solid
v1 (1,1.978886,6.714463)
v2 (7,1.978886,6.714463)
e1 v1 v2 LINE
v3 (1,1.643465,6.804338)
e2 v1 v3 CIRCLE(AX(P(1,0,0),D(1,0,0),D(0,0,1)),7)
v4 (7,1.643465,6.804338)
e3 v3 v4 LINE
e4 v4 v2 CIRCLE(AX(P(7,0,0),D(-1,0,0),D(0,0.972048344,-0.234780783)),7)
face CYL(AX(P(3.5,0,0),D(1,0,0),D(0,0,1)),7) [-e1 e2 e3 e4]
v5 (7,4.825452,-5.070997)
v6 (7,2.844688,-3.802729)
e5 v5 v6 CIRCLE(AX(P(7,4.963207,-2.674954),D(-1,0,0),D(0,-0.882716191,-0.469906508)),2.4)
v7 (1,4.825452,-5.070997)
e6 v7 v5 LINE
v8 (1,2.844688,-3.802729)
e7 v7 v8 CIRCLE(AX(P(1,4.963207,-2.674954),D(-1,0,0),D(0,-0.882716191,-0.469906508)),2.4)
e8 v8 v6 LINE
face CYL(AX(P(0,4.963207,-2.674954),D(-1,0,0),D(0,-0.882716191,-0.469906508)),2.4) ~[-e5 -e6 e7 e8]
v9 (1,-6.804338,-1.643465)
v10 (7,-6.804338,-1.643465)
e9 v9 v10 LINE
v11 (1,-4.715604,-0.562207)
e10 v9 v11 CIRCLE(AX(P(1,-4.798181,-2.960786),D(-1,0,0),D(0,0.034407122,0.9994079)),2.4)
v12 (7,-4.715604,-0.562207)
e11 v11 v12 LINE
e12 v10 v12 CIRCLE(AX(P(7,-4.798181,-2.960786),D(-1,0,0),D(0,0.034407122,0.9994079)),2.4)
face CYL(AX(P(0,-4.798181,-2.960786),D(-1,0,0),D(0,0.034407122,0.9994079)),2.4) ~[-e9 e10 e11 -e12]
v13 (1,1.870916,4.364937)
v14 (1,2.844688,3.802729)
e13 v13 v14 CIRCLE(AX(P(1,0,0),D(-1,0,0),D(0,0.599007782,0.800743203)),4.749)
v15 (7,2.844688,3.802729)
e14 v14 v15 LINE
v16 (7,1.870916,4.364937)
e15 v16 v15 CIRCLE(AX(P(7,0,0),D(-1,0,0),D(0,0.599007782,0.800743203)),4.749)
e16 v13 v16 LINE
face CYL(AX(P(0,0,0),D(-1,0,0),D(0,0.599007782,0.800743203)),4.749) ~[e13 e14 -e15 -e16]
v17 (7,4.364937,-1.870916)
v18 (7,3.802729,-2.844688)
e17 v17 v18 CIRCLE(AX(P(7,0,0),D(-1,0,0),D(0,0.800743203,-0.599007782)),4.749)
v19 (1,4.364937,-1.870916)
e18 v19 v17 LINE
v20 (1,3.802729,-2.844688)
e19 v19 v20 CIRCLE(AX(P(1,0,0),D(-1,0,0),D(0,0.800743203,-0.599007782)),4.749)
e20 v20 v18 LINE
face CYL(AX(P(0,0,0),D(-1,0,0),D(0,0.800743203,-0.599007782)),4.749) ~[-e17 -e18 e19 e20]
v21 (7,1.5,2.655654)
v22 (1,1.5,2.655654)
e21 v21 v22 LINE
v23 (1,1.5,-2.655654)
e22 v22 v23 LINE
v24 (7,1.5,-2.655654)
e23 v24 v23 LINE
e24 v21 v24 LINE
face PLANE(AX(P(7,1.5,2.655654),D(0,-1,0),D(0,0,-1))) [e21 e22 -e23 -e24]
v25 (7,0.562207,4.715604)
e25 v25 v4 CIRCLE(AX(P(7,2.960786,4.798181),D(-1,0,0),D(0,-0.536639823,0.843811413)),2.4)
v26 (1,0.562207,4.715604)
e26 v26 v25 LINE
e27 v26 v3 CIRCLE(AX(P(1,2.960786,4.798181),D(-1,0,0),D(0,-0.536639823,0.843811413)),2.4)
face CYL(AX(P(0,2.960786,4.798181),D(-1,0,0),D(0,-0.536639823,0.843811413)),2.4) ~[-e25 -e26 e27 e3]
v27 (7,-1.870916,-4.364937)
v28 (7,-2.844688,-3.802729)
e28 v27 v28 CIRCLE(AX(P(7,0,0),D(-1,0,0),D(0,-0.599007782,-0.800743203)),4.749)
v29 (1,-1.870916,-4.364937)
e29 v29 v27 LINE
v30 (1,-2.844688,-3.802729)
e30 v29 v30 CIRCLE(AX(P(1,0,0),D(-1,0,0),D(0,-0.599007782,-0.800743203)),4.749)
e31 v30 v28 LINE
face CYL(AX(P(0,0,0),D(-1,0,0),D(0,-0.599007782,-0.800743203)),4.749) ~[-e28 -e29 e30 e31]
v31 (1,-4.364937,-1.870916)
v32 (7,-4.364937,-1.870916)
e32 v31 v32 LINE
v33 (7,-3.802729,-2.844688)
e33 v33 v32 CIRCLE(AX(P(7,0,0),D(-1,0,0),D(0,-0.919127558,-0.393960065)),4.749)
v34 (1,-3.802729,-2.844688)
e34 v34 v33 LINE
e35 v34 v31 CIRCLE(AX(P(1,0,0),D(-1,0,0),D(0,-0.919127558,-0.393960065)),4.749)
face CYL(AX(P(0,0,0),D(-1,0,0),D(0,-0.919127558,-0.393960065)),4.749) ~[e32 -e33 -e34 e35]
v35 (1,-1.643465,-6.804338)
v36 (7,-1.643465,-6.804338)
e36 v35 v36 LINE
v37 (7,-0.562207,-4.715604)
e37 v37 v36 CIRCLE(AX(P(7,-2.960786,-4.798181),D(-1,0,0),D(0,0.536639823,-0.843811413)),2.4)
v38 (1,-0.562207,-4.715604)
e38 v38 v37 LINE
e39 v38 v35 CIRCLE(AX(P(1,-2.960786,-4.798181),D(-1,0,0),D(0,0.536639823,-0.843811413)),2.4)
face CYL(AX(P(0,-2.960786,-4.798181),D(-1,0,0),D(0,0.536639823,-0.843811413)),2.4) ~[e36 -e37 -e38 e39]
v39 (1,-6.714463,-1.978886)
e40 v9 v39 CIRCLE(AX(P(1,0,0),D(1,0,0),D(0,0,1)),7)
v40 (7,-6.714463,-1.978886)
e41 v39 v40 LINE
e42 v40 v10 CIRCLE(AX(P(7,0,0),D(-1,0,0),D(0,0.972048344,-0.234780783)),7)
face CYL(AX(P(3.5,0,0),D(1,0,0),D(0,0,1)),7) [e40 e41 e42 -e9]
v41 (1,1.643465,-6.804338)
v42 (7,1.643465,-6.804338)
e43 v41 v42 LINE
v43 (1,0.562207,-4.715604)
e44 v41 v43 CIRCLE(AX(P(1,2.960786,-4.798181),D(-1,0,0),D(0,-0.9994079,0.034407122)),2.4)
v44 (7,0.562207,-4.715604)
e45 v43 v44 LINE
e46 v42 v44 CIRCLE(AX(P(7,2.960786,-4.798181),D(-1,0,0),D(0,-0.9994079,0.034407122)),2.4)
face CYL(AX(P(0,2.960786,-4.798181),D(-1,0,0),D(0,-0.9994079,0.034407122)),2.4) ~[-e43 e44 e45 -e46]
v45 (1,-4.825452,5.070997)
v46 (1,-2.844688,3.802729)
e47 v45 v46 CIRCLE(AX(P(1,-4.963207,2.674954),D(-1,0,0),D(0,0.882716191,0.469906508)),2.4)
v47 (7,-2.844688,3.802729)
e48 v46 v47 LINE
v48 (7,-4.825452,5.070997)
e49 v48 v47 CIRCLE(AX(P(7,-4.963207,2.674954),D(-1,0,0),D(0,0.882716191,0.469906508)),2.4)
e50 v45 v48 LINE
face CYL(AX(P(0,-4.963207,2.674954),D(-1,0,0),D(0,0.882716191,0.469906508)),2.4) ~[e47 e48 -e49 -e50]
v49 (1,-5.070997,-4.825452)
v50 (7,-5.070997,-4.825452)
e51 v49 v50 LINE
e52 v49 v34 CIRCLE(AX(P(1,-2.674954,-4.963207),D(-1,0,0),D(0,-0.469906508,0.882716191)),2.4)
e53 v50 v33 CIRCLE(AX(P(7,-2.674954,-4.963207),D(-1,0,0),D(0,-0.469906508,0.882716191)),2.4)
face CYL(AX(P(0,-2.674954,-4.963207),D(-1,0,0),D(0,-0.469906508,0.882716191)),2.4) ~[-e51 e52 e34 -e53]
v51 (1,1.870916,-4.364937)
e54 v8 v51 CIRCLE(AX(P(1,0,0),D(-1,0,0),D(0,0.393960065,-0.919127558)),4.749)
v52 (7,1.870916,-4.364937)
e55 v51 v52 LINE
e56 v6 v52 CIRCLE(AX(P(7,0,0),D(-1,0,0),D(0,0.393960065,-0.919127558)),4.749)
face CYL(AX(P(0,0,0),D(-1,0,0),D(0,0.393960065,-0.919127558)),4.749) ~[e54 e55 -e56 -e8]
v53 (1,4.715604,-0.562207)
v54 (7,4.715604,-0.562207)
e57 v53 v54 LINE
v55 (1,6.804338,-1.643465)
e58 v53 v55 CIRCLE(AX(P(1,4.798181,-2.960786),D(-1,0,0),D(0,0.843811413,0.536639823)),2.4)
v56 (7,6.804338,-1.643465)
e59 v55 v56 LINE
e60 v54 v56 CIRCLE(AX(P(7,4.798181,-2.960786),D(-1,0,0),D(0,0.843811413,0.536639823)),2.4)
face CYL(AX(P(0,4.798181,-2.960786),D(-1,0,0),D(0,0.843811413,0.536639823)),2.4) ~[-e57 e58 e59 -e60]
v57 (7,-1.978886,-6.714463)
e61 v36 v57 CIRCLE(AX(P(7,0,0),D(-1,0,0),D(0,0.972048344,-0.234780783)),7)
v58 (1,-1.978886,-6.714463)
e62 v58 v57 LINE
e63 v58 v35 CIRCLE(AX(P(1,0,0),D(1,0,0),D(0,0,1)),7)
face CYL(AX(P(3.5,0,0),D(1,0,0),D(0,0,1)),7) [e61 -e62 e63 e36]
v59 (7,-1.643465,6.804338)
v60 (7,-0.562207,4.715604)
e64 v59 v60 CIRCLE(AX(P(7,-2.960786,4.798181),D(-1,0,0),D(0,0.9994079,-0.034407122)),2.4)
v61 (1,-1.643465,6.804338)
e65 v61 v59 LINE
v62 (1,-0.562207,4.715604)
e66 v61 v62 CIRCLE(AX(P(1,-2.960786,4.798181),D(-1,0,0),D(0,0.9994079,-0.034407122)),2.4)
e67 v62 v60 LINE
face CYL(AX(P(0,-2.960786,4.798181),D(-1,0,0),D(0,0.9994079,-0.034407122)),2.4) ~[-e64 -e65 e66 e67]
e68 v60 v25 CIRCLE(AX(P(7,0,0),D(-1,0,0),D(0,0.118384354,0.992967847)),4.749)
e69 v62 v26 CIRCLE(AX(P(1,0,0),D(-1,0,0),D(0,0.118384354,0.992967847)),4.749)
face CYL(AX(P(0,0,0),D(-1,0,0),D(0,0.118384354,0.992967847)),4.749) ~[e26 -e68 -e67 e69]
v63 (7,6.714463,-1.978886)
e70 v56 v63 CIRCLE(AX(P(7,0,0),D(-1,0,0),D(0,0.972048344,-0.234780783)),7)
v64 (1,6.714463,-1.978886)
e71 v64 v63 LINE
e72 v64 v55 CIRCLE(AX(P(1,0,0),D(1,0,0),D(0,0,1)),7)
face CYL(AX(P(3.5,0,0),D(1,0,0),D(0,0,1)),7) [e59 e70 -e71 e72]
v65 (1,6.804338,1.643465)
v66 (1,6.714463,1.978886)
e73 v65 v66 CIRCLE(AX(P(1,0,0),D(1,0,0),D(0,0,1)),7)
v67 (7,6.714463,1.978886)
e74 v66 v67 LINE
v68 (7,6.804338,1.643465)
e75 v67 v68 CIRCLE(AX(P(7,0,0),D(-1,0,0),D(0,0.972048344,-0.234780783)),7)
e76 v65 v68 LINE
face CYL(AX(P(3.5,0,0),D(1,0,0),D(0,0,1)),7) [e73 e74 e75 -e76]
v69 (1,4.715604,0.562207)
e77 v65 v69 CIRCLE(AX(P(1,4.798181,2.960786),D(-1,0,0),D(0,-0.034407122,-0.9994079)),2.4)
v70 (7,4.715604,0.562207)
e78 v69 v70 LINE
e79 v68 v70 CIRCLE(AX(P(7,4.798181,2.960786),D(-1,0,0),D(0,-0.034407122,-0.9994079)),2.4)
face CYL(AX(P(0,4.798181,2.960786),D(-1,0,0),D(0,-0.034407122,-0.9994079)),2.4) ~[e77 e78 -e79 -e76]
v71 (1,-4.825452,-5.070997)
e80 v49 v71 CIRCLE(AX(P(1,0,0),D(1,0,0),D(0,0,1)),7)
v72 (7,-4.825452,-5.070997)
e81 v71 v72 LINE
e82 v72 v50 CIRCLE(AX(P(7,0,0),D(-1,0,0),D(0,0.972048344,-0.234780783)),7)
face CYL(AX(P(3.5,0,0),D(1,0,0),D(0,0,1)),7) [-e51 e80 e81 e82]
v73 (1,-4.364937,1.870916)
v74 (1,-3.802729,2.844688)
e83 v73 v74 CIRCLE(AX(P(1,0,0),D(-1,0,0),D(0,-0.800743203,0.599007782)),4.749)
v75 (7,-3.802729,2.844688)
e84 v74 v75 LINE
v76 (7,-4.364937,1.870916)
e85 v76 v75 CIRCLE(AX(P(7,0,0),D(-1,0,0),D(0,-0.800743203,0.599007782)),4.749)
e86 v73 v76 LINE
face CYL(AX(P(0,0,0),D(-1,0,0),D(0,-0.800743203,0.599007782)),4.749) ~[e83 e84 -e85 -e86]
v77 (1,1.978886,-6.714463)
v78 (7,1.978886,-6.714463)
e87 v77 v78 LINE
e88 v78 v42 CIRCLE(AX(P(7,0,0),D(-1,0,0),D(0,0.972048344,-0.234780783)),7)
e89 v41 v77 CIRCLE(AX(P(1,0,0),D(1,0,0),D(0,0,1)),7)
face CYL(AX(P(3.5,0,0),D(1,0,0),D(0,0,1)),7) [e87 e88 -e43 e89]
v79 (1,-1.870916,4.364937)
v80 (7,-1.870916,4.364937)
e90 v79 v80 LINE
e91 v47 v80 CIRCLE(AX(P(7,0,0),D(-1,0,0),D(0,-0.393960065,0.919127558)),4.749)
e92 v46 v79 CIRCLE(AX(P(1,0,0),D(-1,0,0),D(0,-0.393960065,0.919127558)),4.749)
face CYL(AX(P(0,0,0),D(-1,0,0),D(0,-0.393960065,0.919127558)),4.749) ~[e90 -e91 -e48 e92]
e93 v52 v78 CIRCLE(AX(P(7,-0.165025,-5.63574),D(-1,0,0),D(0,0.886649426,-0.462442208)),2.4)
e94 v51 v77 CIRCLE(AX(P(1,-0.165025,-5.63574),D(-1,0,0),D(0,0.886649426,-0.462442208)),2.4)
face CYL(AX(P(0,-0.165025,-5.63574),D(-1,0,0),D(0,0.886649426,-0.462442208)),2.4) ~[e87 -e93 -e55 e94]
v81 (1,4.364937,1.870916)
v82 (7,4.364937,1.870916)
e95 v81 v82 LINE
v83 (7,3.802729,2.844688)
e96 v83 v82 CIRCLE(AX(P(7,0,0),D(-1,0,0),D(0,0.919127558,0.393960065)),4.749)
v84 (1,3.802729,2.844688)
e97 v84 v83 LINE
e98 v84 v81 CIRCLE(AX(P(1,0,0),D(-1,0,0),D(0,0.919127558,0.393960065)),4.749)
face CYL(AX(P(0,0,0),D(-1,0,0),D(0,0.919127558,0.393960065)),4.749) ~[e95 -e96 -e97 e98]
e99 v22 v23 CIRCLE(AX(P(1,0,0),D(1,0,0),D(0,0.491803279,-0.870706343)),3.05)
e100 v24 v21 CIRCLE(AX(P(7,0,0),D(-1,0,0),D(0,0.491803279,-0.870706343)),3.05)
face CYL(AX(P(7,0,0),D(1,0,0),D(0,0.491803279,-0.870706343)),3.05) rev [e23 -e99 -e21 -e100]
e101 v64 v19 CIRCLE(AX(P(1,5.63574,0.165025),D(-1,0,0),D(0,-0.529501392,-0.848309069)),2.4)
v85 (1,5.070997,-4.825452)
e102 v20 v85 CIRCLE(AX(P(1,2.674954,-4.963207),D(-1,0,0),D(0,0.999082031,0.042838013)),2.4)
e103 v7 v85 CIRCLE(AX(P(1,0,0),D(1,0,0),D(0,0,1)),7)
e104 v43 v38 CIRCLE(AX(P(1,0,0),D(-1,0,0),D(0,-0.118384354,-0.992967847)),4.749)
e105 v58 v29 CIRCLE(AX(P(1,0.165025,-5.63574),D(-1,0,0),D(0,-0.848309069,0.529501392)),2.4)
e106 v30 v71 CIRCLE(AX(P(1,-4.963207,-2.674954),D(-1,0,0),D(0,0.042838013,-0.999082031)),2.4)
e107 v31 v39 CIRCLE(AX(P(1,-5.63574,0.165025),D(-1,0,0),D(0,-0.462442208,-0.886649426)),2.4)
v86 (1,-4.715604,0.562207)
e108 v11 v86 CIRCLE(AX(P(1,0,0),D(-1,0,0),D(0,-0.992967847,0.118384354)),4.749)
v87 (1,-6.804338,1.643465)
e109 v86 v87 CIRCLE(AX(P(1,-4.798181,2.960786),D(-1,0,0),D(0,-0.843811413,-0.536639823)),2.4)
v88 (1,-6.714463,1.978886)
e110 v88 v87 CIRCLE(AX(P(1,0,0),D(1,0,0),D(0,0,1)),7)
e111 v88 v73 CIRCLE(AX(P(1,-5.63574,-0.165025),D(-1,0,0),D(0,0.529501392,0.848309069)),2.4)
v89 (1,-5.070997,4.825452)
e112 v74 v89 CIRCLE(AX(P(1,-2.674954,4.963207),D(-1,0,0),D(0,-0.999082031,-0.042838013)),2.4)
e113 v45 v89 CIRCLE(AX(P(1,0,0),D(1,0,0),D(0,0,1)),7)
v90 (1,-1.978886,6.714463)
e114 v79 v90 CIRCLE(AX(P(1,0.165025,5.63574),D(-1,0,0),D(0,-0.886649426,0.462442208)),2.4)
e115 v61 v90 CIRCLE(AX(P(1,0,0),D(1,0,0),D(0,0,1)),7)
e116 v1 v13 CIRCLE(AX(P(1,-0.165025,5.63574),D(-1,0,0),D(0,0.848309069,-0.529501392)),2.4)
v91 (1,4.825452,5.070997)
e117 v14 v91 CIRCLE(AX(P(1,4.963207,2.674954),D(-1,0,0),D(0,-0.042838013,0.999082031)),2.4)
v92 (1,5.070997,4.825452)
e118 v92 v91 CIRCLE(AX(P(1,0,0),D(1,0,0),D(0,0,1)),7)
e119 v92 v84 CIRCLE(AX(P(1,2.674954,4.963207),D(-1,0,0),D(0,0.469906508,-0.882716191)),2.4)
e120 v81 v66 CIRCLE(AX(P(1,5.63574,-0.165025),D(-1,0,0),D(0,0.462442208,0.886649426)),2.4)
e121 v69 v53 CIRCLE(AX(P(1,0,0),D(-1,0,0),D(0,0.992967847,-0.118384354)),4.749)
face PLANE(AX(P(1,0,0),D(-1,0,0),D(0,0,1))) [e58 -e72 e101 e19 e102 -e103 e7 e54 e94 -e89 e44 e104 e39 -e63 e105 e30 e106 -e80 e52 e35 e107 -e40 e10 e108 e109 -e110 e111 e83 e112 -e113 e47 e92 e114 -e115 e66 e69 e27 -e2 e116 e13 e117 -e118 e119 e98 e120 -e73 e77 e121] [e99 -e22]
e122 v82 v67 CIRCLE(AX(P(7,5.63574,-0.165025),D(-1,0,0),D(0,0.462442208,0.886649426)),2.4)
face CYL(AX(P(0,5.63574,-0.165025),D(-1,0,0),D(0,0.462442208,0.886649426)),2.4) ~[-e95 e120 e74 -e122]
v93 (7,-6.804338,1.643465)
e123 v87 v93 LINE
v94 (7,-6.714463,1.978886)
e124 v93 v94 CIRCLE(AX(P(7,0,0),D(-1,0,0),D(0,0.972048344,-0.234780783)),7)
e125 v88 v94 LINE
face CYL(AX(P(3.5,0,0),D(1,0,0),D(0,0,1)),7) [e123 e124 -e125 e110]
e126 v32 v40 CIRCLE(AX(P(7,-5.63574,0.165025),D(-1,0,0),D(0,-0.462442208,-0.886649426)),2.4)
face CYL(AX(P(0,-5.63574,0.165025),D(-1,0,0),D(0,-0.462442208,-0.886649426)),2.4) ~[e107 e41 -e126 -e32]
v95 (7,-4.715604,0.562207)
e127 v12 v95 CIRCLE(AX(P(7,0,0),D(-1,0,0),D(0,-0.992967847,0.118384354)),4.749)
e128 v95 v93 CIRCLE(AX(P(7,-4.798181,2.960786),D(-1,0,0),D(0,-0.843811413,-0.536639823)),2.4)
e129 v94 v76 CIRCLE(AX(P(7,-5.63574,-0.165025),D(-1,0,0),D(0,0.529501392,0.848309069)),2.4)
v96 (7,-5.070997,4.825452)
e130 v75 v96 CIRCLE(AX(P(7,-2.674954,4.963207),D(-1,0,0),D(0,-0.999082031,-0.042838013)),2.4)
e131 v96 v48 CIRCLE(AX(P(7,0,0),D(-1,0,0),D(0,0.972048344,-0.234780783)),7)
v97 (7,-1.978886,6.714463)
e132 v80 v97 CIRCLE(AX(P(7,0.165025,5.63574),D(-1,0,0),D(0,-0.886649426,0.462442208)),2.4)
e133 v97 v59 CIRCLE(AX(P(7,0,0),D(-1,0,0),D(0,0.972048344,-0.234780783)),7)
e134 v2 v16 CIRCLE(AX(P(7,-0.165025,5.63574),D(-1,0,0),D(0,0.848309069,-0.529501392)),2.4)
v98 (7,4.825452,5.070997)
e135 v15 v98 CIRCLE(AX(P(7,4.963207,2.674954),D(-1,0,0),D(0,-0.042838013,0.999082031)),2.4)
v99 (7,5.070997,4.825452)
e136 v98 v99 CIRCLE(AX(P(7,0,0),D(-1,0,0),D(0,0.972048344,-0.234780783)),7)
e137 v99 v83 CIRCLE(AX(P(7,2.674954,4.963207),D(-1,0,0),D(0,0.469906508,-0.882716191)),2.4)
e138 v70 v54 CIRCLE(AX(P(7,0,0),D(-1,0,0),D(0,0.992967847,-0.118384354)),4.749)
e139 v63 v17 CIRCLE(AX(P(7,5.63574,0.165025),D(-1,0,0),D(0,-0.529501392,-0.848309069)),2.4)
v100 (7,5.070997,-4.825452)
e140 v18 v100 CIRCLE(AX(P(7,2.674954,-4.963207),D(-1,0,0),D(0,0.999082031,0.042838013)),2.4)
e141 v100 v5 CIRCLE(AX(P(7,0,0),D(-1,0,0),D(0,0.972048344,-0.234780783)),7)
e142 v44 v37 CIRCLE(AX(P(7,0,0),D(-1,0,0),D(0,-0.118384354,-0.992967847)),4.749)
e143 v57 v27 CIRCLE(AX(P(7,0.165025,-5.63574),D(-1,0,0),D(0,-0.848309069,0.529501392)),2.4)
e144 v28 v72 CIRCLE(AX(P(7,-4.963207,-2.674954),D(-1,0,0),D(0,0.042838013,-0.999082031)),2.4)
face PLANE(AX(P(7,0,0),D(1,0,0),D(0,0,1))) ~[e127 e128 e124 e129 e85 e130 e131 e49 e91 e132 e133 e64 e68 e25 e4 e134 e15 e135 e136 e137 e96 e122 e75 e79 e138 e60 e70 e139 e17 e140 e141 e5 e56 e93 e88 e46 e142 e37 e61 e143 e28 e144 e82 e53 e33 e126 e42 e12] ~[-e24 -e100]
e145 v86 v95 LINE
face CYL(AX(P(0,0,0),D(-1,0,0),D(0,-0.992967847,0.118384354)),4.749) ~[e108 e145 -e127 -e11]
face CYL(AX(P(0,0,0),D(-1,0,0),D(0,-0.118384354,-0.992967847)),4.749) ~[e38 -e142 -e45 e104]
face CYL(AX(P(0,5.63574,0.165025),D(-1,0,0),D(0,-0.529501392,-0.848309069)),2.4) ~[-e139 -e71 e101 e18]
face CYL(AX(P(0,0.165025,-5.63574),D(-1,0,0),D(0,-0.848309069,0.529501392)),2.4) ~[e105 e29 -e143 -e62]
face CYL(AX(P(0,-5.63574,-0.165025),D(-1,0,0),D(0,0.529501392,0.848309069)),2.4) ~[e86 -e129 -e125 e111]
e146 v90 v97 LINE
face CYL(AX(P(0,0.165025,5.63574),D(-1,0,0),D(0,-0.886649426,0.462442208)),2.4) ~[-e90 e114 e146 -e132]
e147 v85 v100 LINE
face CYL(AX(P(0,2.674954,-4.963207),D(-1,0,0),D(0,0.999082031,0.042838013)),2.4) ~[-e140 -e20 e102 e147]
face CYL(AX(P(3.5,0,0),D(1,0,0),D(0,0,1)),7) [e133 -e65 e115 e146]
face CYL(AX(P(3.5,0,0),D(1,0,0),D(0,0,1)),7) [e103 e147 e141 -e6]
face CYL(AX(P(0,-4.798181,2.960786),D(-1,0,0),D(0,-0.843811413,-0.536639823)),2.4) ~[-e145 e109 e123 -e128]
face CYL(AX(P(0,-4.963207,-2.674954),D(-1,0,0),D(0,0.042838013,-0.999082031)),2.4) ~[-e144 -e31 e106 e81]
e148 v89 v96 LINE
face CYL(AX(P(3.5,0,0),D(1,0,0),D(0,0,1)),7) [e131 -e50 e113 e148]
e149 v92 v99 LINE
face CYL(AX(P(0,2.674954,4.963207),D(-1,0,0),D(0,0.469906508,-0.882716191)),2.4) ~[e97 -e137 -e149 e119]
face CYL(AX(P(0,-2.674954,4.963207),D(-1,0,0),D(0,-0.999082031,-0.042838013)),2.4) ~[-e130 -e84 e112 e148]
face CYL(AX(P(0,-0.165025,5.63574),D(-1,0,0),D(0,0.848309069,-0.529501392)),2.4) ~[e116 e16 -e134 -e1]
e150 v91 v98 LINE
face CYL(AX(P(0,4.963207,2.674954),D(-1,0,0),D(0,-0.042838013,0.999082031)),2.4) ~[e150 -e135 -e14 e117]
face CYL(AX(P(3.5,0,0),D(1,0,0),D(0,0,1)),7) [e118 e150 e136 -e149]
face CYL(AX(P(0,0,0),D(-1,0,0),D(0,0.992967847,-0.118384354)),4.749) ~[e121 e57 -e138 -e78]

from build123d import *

# Parameters (mm, degrees)
BASPROSKE_W        = 7
BASPROSKE_H        = 7
TOOTHCUT_DEPTH     = 13.124355653
TEETHCUTS_COUNT    = 12
TEETHCUTS_ANGLE    = 330
BORSKE_R           = 0.4
BORE_DEPTH         = 50.0000508
CUT_EXTRUDE1_DEPTH = 12.89949757
SKETCH2_R          = 8.839336396
CUT_EXTRUDE2_DEPTH = 1


with BuildPart() as part:
    # BasProSke → Base-Revolve (revolve)
    with BuildSketch(Plane(origin=(0, 0, 0), x_dir=(1, 0, 0), z_dir=(0, 1, 0)), mode=Mode.PRIVATE) as base_revolve_sk:
        with Locations((3.5, 3.5)):
            Rectangle(BASPROSKE_W, BASPROSKE_H)
    revolve(base_revolve_sk.sketch.rotate(Axis((-10, 0, 0), (1, 0, 0)), 180), axis=Axis((-10, 0, 0), (1, 0, 0)))

    # TooCutSke → ToothCut (cut, through all)
    with BuildSketch(Plane(origin=(0, 0, 0), x_dir=(0, 0, -1), z_dir=(1, 0, 0))):
        with BuildLine():
            ThreePointArc((0.562207301, 4.715604304), (0, 4.749), (-0.562207301, 4.715604304))
            ThreePointArc((-0.562207301, 4.715604304), (-0.837528627, 5.917009812), (-1.672850686, 6.823328788))
            ThreePointArc((-1.672850686, 6.823328788), (0, 7.0254), (1.672850686, 6.823328788))
            ThreePointArc((1.672850686, 6.823328788), (0.837528627, 5.917009812), (0.562207301, 4.715604304))
        make_face()
    toothcut = extrude(amount=TOOTHCUT_DEPTH, mode=Mode.SUBTRACT)

    # TeethCuts: ToothCut ×12 about axis
    teethcuts_axis = Axis((-10, 0, 0), (1, 0, 0))
    for i in range(1, TEETHCUTS_COUNT):
        add(toothcut.rotate(teethcuts_axis, i * TEETHCUTS_ANGLE / (TEETHCUTS_COUNT - 1)), mode=Mode.SUBTRACT)

    # BorSke → Bore (cut, symmetric)
    with BuildSketch(Plane(origin=(0, 0, 0), x_dir=(0, 0, -1), z_dir=(1, 0, 0))):
        with Locations(Location((0, 0, 0), (0, 0, 180))):
            Circle(BORSKE_R)
    extrude(amount=BORE_DEPTH, both=True, mode=Mode.SUBTRACT)

    # Sketch1 → Cut-Extrude1 (cut, through all)
    with BuildSketch(Plane(origin=(7, 0, 0), x_dir=(0, 0, -1), z_dir=(1, 0, 0))):
        with BuildLine():
            Line((-2.655654345, 1.5), (2.655654345, 1.5))
            ThreePointArc((2.655654345, 1.5), (0, -3.05), (-2.655654345, 1.5))
        make_face()
    extrude(amount=-CUT_EXTRUDE1_DEPTH, mode=Mode.SUBTRACT)

    # Sketch2 → Cut-Extrude2 (cut)
    with BuildSketch(Plane.ZY):
        Circle(SKETCH2_R)
    extrude(amount=-CUT_EXTRUDE2_DEPTH, mode=Mode.SUBTRACT)


solid = part.part
